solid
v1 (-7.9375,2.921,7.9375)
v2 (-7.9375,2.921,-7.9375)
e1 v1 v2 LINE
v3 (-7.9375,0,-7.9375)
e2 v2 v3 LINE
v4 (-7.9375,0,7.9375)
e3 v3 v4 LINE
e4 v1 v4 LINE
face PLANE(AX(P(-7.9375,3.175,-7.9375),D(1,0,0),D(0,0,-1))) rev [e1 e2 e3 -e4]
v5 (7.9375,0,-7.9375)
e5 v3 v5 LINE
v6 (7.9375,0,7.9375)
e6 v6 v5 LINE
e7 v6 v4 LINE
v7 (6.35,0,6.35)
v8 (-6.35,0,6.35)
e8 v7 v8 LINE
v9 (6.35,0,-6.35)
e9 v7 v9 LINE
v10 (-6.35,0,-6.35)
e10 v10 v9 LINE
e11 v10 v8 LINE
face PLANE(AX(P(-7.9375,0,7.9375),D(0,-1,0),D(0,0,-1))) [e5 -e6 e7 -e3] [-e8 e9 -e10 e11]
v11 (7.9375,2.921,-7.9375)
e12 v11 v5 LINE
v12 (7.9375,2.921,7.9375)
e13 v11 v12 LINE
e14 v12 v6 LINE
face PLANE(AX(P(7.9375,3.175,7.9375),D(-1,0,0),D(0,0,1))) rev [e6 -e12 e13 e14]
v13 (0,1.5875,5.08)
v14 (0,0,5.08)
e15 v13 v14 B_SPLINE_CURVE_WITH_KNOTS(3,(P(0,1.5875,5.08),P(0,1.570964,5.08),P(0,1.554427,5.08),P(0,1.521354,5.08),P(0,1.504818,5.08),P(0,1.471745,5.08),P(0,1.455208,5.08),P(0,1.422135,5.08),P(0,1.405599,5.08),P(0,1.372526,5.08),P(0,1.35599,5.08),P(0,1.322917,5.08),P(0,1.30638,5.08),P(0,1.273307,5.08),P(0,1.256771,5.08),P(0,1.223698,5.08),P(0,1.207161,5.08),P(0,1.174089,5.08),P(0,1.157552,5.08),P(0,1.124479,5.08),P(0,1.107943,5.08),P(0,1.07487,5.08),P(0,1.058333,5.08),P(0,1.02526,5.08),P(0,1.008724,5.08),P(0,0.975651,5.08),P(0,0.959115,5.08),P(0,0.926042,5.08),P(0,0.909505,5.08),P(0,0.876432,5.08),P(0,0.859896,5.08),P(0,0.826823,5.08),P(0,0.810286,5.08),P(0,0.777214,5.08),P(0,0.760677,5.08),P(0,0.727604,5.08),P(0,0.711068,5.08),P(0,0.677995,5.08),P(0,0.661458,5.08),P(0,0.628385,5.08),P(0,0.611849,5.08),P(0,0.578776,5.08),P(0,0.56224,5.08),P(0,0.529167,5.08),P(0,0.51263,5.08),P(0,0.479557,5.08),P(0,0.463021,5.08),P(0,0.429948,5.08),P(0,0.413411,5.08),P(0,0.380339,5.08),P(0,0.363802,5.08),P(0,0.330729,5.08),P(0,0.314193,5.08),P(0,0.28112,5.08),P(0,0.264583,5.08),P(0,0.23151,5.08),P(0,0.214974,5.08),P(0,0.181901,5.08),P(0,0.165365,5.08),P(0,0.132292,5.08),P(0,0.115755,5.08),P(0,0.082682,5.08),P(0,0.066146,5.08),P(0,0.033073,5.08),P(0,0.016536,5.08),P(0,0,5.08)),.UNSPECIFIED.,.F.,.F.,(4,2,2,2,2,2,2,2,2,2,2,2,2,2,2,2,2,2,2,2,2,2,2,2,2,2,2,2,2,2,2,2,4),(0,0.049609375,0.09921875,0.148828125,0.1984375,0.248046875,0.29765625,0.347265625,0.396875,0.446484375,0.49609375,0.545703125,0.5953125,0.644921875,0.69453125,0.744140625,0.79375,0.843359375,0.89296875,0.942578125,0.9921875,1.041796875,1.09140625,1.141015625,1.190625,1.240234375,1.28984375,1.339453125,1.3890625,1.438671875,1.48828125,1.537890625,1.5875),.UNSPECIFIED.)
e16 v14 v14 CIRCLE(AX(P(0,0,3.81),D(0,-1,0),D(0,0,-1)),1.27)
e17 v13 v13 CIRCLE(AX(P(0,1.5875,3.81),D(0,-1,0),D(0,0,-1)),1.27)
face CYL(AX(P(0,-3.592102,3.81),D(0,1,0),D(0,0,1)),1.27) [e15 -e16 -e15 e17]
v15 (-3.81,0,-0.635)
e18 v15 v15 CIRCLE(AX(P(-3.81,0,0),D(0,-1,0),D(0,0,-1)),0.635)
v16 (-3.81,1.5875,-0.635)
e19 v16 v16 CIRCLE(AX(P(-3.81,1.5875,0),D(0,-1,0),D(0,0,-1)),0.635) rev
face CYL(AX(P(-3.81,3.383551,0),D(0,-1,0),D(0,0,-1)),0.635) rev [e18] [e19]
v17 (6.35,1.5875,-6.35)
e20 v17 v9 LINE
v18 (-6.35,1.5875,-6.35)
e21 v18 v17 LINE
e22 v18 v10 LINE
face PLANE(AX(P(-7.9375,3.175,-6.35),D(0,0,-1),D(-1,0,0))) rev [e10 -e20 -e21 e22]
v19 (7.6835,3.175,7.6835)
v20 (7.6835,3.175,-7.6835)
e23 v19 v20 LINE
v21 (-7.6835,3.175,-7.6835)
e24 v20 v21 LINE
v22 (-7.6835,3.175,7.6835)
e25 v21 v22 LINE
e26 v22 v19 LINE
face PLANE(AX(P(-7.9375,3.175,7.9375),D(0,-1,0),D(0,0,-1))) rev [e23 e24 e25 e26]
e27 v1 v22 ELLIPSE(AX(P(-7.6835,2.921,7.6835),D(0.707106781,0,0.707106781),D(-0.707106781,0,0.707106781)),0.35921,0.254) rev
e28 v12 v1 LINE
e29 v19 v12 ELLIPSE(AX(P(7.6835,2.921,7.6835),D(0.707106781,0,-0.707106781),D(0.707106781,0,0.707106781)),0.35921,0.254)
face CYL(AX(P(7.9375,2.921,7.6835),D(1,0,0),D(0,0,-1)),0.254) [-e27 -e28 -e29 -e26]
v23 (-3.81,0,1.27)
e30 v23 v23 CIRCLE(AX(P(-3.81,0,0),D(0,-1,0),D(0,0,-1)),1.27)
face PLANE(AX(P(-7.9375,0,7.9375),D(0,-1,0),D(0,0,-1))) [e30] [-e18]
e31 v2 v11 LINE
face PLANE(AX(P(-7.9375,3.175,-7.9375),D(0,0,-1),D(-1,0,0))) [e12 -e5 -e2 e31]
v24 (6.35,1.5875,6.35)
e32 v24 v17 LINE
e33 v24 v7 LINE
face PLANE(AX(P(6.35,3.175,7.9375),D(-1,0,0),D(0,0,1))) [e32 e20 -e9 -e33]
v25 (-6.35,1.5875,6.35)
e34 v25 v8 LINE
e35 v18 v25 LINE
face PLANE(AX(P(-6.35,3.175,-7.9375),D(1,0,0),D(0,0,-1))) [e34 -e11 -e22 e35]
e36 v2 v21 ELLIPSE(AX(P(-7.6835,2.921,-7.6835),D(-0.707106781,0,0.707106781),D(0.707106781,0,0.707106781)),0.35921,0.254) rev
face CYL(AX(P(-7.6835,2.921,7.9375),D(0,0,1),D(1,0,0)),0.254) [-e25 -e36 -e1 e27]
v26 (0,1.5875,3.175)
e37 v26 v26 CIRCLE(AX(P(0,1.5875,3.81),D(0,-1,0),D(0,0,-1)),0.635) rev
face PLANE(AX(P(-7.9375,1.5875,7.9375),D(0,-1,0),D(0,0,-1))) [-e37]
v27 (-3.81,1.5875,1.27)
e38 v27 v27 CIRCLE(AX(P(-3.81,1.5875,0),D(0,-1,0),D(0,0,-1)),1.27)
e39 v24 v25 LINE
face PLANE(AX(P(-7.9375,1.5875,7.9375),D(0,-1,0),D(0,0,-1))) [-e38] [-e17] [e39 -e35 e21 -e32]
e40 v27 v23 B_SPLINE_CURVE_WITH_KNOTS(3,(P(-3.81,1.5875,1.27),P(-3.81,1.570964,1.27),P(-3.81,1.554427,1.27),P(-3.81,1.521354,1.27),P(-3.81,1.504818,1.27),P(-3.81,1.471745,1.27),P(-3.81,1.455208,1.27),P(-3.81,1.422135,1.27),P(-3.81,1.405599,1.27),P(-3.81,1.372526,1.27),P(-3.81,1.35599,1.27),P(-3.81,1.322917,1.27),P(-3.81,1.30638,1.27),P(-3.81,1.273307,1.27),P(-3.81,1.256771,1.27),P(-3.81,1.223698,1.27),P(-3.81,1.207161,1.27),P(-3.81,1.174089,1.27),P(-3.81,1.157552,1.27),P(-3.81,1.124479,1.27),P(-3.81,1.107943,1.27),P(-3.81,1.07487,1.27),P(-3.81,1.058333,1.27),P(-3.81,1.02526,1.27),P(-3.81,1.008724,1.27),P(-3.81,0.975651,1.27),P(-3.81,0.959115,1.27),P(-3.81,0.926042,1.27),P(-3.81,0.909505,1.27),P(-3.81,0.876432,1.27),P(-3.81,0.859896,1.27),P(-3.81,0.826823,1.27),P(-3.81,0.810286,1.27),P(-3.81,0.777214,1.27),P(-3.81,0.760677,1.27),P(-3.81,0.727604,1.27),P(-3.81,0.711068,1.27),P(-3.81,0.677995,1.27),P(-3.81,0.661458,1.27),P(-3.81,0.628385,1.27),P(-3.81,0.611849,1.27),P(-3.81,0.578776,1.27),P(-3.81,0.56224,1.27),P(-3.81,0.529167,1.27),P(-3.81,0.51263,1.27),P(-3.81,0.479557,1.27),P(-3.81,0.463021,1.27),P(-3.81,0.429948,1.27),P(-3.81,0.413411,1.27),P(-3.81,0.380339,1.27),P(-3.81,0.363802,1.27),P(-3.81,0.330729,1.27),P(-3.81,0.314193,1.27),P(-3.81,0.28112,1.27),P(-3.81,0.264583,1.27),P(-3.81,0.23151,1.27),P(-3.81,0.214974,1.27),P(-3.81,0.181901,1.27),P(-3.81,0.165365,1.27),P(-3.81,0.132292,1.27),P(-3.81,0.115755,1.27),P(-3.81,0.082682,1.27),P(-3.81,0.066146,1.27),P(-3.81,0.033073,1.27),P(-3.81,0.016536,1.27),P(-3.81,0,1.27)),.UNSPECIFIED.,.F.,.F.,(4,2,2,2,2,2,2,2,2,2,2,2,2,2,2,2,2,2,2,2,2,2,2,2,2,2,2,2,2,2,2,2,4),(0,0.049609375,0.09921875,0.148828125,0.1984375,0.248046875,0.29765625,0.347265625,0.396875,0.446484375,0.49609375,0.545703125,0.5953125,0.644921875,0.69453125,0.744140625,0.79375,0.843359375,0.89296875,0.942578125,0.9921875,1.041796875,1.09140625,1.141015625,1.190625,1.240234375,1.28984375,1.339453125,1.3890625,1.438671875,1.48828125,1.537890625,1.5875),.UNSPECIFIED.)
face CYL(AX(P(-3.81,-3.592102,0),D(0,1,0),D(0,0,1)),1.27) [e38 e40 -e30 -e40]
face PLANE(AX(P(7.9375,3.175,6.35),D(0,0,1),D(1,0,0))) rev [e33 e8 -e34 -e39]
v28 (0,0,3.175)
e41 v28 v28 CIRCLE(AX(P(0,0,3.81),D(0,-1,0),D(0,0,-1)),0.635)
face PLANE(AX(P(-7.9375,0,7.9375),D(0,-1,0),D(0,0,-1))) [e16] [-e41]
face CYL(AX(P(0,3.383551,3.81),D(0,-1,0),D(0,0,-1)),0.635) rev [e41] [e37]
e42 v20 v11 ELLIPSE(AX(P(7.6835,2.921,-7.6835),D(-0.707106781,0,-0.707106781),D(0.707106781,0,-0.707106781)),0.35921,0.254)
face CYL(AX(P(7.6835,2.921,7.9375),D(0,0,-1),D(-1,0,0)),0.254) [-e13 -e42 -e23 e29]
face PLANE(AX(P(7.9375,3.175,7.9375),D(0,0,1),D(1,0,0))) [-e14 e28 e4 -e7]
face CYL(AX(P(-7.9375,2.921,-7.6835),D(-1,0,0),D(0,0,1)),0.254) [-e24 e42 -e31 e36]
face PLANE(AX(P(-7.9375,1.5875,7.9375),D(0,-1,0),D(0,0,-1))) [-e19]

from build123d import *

# Parameters (mm, degrees)
SKETCH1_W           = 15.875
SKETCH1_H           = 15.875
BASE_EXTRUDE_DEPTH  = 3.175
SHELL1_T            = -1.5875
SKETCH4_R           = 1.27
BOSS_EXTRUDE2_DEPTH = 1.5875
CUT_EXTRUDE2_START  = -1.5875
SKETCH5_R           = 0.635
CUT_EXTRUDE2_DEPTH  = 1.5875
FILLET1_R           = 0.254


with BuildPart() as part:
    # Sketch1 → Base-Extrude (new body)
    with BuildSketch(Plane(origin=(0, 0, 0), x_dir=(1, 0, 0), z_dir=(0, 1, 0))):
        Rectangle(SKETCH1_W, SKETCH1_H)
    extrude(amount=BASE_EXTRUDE_DEPTH)

    # Shell1
    shell1_openings = [part.faces().sort_by_distance(p)[0] for p in [
        (0, 0, 0),
    ]]
    offset(amount=SHELL1_T, openings=shell1_openings, kind=Kind.INTERSECTION)

    # Sketch4 → Boss-Extrude2 (add)
    with BuildSketch(Plane.XZ.offset(-1.5875)):
        with Locations(Location((-3.81, 0, 0), (0, 0, 90))):
            Circle(SKETCH4_R)
        with Locations(Location((0, 3.81, 0), (0, 0, 90))):
            Circle(SKETCH4_R)
    extrude(amount=BOSS_EXTRUDE2_DEPTH)

    # Sketch5 → Cut-Extrude2 (cut)
    with BuildSketch(Plane.XZ.offset(CUT_EXTRUDE2_START)):
        with Locations(Location((0, 3.81, 0), (0, 0, 270))):
            Circle(SKETCH5_R)
        with Locations(Location((-3.81, 0, 0), (0, 0, 270))):
            Circle(SKETCH5_R)
    extrude(amount=CUT_EXTRUDE2_DEPTH, mode=Mode.SUBTRACT)

    # Fillet1
    fillet1_edges = [part.edges().sort_by_distance(p)[0] for p in [
        (7.9375, 3.175, 0),
        (0, 3.175, -7.9375),
        (-7.9375, 3.175, 0),
        (0, 3.175, 7.9375),
    ]]
    fillet(fillet1_edges, radius=FILLET1_R)


solid = part.part
